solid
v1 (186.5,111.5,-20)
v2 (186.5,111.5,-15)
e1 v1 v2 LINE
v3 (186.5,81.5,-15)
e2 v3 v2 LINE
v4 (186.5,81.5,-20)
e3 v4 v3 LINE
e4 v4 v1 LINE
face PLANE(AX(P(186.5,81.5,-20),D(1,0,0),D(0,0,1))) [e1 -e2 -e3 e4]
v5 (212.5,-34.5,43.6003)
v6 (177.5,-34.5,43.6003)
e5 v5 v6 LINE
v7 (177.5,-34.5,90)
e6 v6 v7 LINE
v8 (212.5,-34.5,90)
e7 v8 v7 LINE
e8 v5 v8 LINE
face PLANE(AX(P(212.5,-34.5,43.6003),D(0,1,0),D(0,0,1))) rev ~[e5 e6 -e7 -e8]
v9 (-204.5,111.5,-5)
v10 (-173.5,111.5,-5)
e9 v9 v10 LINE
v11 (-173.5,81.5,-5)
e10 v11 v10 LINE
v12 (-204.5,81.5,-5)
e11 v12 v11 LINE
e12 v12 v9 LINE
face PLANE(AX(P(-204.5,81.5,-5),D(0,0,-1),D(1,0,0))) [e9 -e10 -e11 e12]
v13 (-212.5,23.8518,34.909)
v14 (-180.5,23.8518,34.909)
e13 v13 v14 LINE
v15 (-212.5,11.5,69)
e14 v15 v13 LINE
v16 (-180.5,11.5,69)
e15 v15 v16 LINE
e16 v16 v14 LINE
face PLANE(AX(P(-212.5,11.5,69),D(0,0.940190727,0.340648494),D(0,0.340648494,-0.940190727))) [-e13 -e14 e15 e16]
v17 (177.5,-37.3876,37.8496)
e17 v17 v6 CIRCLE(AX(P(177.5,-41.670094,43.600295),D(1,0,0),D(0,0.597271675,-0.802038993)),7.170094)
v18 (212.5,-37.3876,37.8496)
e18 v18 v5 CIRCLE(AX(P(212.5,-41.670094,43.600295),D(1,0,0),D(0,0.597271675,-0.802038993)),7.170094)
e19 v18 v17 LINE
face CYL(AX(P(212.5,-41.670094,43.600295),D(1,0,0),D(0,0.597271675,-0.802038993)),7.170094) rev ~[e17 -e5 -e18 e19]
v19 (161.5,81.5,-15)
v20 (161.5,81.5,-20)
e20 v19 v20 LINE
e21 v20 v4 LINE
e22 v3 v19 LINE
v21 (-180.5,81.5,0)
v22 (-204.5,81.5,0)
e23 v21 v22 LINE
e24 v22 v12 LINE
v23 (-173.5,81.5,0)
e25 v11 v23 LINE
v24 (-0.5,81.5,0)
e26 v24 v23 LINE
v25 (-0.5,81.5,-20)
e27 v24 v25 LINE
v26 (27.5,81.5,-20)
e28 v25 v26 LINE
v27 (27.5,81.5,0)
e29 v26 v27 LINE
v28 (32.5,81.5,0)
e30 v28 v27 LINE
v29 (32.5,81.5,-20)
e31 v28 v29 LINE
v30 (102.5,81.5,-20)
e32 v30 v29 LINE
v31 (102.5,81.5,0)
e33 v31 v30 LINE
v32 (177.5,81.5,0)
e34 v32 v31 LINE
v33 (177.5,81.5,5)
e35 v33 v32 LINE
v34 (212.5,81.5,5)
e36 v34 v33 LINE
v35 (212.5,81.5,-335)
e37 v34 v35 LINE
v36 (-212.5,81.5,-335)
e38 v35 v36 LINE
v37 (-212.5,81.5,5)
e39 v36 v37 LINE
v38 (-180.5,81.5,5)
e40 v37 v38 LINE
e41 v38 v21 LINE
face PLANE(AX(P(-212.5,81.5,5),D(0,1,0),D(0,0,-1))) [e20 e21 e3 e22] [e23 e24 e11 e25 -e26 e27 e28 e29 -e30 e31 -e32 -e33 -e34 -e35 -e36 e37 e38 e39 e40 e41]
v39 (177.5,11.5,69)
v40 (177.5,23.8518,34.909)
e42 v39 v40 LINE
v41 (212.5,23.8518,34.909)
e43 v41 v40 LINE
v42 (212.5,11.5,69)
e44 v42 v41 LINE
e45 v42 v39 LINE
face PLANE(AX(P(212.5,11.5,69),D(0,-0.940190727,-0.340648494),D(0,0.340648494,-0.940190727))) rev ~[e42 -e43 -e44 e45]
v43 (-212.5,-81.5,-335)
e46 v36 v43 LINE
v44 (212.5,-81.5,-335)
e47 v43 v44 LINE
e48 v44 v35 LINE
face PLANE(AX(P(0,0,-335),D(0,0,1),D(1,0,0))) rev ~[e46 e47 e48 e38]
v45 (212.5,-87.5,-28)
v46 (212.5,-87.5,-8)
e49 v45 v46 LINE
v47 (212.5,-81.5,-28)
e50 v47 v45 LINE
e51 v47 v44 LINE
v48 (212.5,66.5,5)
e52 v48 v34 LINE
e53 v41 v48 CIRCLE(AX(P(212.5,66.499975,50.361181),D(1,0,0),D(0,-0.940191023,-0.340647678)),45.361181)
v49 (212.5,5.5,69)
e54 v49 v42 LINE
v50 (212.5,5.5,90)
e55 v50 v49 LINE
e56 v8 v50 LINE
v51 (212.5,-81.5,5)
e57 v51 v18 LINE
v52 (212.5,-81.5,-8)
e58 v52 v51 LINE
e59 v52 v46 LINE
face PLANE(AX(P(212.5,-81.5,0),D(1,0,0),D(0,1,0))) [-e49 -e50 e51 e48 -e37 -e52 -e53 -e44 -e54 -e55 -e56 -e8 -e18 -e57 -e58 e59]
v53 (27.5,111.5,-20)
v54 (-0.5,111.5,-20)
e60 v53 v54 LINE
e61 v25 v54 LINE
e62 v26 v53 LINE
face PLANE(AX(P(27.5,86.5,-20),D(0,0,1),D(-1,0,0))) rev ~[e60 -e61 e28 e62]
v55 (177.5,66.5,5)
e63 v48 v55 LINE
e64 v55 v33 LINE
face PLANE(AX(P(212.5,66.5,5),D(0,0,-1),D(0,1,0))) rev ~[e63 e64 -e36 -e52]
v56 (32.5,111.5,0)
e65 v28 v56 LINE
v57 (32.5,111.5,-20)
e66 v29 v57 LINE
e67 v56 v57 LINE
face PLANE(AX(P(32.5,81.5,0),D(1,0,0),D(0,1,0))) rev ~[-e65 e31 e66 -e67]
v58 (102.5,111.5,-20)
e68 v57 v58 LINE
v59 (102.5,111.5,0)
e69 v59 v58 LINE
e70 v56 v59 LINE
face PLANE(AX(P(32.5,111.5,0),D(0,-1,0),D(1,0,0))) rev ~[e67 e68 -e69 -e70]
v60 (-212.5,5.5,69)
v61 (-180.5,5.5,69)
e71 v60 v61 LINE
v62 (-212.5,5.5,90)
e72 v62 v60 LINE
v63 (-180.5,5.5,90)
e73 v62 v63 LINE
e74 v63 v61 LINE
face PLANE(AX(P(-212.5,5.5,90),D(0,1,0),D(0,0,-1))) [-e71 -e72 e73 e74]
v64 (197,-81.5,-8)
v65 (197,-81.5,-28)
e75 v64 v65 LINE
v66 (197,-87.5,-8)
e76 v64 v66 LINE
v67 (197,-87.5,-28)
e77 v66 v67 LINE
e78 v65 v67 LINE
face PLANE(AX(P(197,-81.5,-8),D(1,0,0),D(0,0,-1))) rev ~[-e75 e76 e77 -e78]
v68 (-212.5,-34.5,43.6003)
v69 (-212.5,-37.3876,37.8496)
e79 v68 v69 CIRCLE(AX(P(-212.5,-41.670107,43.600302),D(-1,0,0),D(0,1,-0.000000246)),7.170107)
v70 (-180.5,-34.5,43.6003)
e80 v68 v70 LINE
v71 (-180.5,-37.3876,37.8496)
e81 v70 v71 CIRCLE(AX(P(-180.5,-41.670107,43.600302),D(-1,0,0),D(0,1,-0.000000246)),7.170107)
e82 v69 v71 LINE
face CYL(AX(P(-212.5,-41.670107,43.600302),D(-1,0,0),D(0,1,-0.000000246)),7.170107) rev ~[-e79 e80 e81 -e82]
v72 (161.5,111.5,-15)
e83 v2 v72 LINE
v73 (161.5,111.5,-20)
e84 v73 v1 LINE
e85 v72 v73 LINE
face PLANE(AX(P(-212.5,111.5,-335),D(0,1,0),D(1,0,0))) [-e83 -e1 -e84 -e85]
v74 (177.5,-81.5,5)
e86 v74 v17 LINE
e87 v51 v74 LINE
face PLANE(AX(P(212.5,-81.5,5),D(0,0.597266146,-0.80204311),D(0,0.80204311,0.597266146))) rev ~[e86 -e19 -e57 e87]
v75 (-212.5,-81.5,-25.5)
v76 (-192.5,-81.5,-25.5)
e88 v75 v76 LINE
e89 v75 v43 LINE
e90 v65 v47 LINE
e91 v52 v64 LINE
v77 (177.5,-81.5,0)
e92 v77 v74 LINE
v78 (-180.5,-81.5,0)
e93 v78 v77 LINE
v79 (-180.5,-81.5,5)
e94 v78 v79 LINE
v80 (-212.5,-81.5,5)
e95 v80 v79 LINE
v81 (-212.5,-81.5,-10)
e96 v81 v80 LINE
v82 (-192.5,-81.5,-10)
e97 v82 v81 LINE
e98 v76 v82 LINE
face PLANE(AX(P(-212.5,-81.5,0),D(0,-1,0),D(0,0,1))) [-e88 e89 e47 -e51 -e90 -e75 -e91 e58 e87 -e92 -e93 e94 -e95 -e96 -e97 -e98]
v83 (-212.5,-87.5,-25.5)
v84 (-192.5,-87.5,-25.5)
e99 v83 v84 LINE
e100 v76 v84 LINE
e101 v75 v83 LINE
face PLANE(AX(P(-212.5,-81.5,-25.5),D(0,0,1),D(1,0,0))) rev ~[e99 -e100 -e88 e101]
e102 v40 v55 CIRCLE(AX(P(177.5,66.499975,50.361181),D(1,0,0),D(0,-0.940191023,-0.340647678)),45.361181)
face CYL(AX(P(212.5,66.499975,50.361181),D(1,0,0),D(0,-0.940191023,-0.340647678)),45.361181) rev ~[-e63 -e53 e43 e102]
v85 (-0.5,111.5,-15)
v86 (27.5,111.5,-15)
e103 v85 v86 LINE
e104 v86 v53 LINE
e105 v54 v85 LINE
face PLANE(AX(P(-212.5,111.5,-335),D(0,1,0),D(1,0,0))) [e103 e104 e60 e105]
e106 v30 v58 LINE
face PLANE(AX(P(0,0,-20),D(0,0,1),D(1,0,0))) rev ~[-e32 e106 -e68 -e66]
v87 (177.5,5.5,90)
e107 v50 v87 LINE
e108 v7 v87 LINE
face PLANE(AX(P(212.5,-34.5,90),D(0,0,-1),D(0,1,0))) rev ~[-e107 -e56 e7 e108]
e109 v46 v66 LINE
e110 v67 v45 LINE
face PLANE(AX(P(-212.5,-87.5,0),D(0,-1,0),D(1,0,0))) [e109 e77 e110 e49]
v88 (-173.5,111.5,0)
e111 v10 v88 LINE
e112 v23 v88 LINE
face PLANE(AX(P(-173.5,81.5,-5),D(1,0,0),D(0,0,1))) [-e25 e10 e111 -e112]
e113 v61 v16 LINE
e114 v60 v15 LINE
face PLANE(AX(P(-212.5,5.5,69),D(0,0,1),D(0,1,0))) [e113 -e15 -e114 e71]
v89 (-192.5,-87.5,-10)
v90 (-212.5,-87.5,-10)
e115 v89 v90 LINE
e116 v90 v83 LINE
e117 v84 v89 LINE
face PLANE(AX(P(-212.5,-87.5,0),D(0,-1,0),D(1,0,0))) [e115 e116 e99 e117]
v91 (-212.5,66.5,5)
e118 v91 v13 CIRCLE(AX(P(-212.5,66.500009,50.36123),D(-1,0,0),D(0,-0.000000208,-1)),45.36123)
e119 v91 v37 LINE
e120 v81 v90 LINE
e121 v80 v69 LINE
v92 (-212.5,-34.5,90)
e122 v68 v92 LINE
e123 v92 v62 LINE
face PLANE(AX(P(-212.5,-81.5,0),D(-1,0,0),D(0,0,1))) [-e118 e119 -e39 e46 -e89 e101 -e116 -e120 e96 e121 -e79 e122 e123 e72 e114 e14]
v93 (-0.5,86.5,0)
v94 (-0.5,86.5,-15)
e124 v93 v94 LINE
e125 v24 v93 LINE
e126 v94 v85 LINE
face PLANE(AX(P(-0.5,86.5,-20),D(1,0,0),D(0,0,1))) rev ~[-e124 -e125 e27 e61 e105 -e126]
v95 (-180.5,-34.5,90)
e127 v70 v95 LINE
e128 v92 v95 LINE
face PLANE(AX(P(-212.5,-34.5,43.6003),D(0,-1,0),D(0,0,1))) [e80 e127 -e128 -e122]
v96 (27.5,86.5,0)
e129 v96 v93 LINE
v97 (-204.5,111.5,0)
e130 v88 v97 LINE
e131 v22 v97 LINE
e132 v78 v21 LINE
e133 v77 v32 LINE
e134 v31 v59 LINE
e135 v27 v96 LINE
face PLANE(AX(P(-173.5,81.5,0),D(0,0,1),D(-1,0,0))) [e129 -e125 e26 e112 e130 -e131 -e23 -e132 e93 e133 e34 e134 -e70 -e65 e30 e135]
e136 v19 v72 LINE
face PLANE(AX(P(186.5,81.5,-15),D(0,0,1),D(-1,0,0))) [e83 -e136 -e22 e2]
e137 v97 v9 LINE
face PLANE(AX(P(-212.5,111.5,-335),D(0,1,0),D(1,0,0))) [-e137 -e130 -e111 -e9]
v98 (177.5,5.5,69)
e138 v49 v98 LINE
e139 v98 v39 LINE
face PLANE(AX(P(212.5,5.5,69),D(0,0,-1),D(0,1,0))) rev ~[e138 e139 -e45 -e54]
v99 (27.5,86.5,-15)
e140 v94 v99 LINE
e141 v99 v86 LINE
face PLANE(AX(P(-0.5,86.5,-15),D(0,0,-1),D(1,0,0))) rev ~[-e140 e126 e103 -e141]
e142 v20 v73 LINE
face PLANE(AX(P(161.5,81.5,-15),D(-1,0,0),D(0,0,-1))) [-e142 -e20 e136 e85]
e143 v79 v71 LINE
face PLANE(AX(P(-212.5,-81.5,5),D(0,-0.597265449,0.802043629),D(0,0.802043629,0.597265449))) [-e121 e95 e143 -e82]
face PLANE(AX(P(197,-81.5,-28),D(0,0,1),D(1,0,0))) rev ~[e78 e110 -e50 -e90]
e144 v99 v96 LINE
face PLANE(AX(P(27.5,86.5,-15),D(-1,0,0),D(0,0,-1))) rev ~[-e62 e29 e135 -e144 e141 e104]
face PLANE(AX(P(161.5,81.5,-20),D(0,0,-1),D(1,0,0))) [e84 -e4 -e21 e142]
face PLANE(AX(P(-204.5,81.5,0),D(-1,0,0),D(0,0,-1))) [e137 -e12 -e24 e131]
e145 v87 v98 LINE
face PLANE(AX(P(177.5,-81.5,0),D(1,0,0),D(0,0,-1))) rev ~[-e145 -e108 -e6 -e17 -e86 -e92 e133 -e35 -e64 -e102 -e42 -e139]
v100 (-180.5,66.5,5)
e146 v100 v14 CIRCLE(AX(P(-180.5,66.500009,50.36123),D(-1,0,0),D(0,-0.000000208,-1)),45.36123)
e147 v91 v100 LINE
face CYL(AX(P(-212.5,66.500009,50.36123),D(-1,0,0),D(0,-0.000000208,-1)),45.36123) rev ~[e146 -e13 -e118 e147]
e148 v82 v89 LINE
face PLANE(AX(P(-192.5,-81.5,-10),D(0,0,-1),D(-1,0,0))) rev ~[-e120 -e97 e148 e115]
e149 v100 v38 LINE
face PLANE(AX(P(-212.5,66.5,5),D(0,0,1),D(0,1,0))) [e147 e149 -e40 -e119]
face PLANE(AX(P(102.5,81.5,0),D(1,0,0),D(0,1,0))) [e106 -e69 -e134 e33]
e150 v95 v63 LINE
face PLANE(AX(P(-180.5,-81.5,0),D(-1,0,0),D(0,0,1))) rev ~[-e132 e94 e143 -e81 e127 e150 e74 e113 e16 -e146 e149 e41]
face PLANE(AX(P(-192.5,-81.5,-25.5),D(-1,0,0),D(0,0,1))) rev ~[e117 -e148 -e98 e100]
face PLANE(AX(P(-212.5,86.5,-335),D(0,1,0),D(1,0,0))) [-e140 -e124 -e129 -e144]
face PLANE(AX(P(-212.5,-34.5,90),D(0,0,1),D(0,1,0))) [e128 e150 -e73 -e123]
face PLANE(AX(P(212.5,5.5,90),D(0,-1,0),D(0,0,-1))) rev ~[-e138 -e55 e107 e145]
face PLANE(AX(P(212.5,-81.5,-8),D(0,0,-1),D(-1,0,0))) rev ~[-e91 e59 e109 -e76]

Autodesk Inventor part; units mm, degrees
ref_plane "YZ Plane" through (0, 0, 0) normal (1, 0, 0) x (0, 1, 0)
ref_plane "XZ Plane" through (0, 0, 0) normal (0, 1, 0) x (-1, 0, 0)
ref_plane "XY Plane" through (0, 0, 0) normal (0, 0, 1) x (1, 0, 0)
sketch "Sketch1" plane through (0, 0, 0) normal (0, 0, 1) x (1, 0, 0)
  line L0 (-212.5, -81.5) -> (212.5, -81.5)
  line L1 (212.5, -81.5) -> (212.5, 81.5)
  line L2 (212.5, 81.5) -> (-212.5, 81.5)
  line L3 (-212.5, 81.5) -> (-212.5, -81.5)
  line L4 (-212.5, -81.5) -> (212.5, 81.5) construction
  line L5 (212.5, -81.5) -> (-212.5, 81.5) construction
  point P0 (0, 0)
  dimension "d0" = 163
  dimension "d1" = 425
extrude "Extrusion1" add sketch "Sketch1" against normal blind 335
sketch "Sketch2" plane through (-212.5, -81.5, 0) normal (0, -1, 0) x (1, 0, 0)
  line L0 (0, 0) -> (425, 0) construction
  line L1 (425, -8) -> (409.5, -8)
  line L2 (409.5, -8) -> (409.5, -28)
  line L3 (409.5, -28) -> (425, -28)
  line L4 (425, -28) -> (425, -8)
  line L5 (20, -10) -> (0, -10)
  line L6 (0, -10) -> (0, -25.5)
  line L7 (0, -25.5) -> (20, -25.5)
  line L8 (20, -25.5) -> (20, -10)
  line L9 (0, -10) -> (0, 0) construction
  line L10 (425, -8) -> (425, 0) construction
  point P0 (212.5, 0)
  dimension "d0" = 163
  dimension "d4" = 8
  dimension "d5" = 10
  dimension "d6" = 15.5
  dimension "d7" = 20
  dimension "d8" = 15.5
  dimension "d9" = 20
extrude "Extrusion2" add sketch "Sketch2" along normal blind 6
sketch "Sketch3" plane through (212.5, -81.5, 0) normal (1, 0, 0) x (0, 0, -1)
  line L0 (0, 0) -> (0, 163) projected
  line L1 (0, 0) -> (-5, 0)
  line L2 (-5, 0) -> (-40, 47)
  line L3 (-40, 47) -> (-90, 47)
  line L4 (-90, 47) -> (-90, 87)
  line L5 (-90, 87) -> (-69, 87)
  line L6 (-69, 93) -> (-34.909, 105.3518)
  line L7 (-69, 87) -> (-69, 93)
  arc A0 (-34.909, 105.3518) -> (-5, 148) centre (-50.3612, 148) ccw
  line L8 (-34.909, 105.3518) -> (0, 118) construction
  arc A1 (-37.8496, 44.1124) -> (-43.6003, 47) centre (-43.6003, 39.8299) ccw
  line L9 (-5, 148) -> (-5, 163)
  line L10 (-5, 163) -> (0, 163)
  dimension "d12" = 5
  dimension "d13" = 47
  dimension "d14" = 35
  dimension "d15" = 40
  dimension "d16" = 90
  dimension "d17" = 118
  dimension "d18" = 93
  dimension "d19" = 69
  dimension "d23" = 55
  dimension "d26" = 5
  dimension "d27" = 15
extrude "Extrusion3" add sketch "Sketch3" against normal blind 35
sketch "Sketch4" plane through (-212.5, -81.5, 0) normal (-1, 0, 0) x (0, 0, 1)
  line L0 (0, 0) -> (0, 163) projected
  line L1 (0, 0) -> (5, 0) projected
  line L2 (5, 0) -> (37.8496, 44.1124) projected
  arc A0 (43.6003, 47) -> (37.8496, 44.1124) centre (43.6003, 39.8299) ccw projected
  line L3 (43.6003, 47) -> (90, 47) projected
  line L4 (90, 47) -> (90, 87) projected
  line L5 (90, 87) -> (69, 87) projected
  line L6 (69, 87) -> (69, 93) projected
  line L7 (69, 93) -> (34.909, 105.3518) projected
  arc A1 (5, 148) -> (34.909, 105.3518) centre (50.3612, 148) ccw projected
  line L8 (5, 148) -> (5, 163) projected
  line L9 (5, 163) -> (0, 163) projected
  point P0 (0, 81.5)
extrude "Extrusion4" add sketch "Sketch4" against normal blind 32
sketch "Sketch5" plane through (-212.5, 81.5, -335) normal (0, 1, 0) x (1, 0, 0)
  line L0 (390, -335) -> (32, -335) projected
  line L1 (32, -335) -> (8, -335)
  line L2 (8, -335) -> (8, -330)
  line L3 (8, -330) -> (39, -330)
  line L4 (39, -330) -> (39, -335)
  line L5 (0, 0) -> (0, -340) construction
  point P0 (212.5, -335)
  dimension "d28" = 39
  dimension "d29" = 5
  dimension "d30" = 8
extrude "Extrusion5" add sketch "Sketch5" along normal blind 30
sketch "Sketch6" plane through (-212.5, 81.5, -335) normal (0, 1, 0) x (1, 0, 0)
  line L0 (0, 0) -> (0, -340) construction
  line L1 (390, -335) -> (39, -335) projected
  line L2 (212, -335) -> (212, -315)
  line L3 (212, -315) -> (240, -315)
  line L4 (240, -315) -> (240, -335)
  point P0 (212.5, -335)
  dimension "d33" = 212
  dimension "d34" = 240
  dimension "d35" = 20
extrude "Extrusion6" add sketch "Sketch6" along normal blind 5
sketch "Sketch7" plane through (0, 0, 0) normal (0, 0, 1) x (1, 0, 0)
  line L0 (177.5, 81.5) -> (27.5, 81.5) projected
  line L1 (32.5, 81.5) -> (32.5, 111.5)
  line L2 (-212.5, -81.5) -> (-212.5, 81.5) construction
  line L3 (102.5, 81.5) -> (102.5, 111.5)
  line L4 (32.5, 111.5) -> (102.5, 111.5)
  point P0 (0, 0)
  dimension "d38" = 245
  dimension "d39" = 315
  dimension "d40" = 30
extrude "Extrusion7" add sketch "Sketch7" against normal blind 20
sketch "Sketch8" plane through (-212.5, 81.5, -335) normal (0, 1, 0) x (1, 0, 0)
  line L0 (0, 0) -> (0, -340) construction
  line L1 (374, -315) -> (399, -315)
  line L2 (399, -315) -> (399, -320)
  line L3 (399, -320) -> (374, -320)
  line L4 (374, -320) -> (374, -315)
  line L5 (390, -335) -> (315, -335) construction
  point P0 (212.5, -335)
  dimension "d43" = 374
  dimension "d44" = 399
  dimension "d45" = 15
  dimension "d46" = 20
extrude "Extrusion8" add sketch "Sketch8" along normal blind 30
sketch "Sketch9" plane through (-212.5, 86.5, -335) normal (0, 1, 0) x (1, 0, 0)
  line L0 (240, -315) -> (212, -315) projected
  line L1 (240, -335) -> (240, -315) projected
  line L2 (212, -320) -> (240, -320)
  line L3 (212, -315) -> (212, -320)
  line L4 (8, -330) -> (8, -335) construction
  point P0 (212.5, -335)
extrude "Extrusion9" add sketch "Sketch9" along normal up to surface (25 mm away)
properties part number "IMA Battery Case Primitive"
